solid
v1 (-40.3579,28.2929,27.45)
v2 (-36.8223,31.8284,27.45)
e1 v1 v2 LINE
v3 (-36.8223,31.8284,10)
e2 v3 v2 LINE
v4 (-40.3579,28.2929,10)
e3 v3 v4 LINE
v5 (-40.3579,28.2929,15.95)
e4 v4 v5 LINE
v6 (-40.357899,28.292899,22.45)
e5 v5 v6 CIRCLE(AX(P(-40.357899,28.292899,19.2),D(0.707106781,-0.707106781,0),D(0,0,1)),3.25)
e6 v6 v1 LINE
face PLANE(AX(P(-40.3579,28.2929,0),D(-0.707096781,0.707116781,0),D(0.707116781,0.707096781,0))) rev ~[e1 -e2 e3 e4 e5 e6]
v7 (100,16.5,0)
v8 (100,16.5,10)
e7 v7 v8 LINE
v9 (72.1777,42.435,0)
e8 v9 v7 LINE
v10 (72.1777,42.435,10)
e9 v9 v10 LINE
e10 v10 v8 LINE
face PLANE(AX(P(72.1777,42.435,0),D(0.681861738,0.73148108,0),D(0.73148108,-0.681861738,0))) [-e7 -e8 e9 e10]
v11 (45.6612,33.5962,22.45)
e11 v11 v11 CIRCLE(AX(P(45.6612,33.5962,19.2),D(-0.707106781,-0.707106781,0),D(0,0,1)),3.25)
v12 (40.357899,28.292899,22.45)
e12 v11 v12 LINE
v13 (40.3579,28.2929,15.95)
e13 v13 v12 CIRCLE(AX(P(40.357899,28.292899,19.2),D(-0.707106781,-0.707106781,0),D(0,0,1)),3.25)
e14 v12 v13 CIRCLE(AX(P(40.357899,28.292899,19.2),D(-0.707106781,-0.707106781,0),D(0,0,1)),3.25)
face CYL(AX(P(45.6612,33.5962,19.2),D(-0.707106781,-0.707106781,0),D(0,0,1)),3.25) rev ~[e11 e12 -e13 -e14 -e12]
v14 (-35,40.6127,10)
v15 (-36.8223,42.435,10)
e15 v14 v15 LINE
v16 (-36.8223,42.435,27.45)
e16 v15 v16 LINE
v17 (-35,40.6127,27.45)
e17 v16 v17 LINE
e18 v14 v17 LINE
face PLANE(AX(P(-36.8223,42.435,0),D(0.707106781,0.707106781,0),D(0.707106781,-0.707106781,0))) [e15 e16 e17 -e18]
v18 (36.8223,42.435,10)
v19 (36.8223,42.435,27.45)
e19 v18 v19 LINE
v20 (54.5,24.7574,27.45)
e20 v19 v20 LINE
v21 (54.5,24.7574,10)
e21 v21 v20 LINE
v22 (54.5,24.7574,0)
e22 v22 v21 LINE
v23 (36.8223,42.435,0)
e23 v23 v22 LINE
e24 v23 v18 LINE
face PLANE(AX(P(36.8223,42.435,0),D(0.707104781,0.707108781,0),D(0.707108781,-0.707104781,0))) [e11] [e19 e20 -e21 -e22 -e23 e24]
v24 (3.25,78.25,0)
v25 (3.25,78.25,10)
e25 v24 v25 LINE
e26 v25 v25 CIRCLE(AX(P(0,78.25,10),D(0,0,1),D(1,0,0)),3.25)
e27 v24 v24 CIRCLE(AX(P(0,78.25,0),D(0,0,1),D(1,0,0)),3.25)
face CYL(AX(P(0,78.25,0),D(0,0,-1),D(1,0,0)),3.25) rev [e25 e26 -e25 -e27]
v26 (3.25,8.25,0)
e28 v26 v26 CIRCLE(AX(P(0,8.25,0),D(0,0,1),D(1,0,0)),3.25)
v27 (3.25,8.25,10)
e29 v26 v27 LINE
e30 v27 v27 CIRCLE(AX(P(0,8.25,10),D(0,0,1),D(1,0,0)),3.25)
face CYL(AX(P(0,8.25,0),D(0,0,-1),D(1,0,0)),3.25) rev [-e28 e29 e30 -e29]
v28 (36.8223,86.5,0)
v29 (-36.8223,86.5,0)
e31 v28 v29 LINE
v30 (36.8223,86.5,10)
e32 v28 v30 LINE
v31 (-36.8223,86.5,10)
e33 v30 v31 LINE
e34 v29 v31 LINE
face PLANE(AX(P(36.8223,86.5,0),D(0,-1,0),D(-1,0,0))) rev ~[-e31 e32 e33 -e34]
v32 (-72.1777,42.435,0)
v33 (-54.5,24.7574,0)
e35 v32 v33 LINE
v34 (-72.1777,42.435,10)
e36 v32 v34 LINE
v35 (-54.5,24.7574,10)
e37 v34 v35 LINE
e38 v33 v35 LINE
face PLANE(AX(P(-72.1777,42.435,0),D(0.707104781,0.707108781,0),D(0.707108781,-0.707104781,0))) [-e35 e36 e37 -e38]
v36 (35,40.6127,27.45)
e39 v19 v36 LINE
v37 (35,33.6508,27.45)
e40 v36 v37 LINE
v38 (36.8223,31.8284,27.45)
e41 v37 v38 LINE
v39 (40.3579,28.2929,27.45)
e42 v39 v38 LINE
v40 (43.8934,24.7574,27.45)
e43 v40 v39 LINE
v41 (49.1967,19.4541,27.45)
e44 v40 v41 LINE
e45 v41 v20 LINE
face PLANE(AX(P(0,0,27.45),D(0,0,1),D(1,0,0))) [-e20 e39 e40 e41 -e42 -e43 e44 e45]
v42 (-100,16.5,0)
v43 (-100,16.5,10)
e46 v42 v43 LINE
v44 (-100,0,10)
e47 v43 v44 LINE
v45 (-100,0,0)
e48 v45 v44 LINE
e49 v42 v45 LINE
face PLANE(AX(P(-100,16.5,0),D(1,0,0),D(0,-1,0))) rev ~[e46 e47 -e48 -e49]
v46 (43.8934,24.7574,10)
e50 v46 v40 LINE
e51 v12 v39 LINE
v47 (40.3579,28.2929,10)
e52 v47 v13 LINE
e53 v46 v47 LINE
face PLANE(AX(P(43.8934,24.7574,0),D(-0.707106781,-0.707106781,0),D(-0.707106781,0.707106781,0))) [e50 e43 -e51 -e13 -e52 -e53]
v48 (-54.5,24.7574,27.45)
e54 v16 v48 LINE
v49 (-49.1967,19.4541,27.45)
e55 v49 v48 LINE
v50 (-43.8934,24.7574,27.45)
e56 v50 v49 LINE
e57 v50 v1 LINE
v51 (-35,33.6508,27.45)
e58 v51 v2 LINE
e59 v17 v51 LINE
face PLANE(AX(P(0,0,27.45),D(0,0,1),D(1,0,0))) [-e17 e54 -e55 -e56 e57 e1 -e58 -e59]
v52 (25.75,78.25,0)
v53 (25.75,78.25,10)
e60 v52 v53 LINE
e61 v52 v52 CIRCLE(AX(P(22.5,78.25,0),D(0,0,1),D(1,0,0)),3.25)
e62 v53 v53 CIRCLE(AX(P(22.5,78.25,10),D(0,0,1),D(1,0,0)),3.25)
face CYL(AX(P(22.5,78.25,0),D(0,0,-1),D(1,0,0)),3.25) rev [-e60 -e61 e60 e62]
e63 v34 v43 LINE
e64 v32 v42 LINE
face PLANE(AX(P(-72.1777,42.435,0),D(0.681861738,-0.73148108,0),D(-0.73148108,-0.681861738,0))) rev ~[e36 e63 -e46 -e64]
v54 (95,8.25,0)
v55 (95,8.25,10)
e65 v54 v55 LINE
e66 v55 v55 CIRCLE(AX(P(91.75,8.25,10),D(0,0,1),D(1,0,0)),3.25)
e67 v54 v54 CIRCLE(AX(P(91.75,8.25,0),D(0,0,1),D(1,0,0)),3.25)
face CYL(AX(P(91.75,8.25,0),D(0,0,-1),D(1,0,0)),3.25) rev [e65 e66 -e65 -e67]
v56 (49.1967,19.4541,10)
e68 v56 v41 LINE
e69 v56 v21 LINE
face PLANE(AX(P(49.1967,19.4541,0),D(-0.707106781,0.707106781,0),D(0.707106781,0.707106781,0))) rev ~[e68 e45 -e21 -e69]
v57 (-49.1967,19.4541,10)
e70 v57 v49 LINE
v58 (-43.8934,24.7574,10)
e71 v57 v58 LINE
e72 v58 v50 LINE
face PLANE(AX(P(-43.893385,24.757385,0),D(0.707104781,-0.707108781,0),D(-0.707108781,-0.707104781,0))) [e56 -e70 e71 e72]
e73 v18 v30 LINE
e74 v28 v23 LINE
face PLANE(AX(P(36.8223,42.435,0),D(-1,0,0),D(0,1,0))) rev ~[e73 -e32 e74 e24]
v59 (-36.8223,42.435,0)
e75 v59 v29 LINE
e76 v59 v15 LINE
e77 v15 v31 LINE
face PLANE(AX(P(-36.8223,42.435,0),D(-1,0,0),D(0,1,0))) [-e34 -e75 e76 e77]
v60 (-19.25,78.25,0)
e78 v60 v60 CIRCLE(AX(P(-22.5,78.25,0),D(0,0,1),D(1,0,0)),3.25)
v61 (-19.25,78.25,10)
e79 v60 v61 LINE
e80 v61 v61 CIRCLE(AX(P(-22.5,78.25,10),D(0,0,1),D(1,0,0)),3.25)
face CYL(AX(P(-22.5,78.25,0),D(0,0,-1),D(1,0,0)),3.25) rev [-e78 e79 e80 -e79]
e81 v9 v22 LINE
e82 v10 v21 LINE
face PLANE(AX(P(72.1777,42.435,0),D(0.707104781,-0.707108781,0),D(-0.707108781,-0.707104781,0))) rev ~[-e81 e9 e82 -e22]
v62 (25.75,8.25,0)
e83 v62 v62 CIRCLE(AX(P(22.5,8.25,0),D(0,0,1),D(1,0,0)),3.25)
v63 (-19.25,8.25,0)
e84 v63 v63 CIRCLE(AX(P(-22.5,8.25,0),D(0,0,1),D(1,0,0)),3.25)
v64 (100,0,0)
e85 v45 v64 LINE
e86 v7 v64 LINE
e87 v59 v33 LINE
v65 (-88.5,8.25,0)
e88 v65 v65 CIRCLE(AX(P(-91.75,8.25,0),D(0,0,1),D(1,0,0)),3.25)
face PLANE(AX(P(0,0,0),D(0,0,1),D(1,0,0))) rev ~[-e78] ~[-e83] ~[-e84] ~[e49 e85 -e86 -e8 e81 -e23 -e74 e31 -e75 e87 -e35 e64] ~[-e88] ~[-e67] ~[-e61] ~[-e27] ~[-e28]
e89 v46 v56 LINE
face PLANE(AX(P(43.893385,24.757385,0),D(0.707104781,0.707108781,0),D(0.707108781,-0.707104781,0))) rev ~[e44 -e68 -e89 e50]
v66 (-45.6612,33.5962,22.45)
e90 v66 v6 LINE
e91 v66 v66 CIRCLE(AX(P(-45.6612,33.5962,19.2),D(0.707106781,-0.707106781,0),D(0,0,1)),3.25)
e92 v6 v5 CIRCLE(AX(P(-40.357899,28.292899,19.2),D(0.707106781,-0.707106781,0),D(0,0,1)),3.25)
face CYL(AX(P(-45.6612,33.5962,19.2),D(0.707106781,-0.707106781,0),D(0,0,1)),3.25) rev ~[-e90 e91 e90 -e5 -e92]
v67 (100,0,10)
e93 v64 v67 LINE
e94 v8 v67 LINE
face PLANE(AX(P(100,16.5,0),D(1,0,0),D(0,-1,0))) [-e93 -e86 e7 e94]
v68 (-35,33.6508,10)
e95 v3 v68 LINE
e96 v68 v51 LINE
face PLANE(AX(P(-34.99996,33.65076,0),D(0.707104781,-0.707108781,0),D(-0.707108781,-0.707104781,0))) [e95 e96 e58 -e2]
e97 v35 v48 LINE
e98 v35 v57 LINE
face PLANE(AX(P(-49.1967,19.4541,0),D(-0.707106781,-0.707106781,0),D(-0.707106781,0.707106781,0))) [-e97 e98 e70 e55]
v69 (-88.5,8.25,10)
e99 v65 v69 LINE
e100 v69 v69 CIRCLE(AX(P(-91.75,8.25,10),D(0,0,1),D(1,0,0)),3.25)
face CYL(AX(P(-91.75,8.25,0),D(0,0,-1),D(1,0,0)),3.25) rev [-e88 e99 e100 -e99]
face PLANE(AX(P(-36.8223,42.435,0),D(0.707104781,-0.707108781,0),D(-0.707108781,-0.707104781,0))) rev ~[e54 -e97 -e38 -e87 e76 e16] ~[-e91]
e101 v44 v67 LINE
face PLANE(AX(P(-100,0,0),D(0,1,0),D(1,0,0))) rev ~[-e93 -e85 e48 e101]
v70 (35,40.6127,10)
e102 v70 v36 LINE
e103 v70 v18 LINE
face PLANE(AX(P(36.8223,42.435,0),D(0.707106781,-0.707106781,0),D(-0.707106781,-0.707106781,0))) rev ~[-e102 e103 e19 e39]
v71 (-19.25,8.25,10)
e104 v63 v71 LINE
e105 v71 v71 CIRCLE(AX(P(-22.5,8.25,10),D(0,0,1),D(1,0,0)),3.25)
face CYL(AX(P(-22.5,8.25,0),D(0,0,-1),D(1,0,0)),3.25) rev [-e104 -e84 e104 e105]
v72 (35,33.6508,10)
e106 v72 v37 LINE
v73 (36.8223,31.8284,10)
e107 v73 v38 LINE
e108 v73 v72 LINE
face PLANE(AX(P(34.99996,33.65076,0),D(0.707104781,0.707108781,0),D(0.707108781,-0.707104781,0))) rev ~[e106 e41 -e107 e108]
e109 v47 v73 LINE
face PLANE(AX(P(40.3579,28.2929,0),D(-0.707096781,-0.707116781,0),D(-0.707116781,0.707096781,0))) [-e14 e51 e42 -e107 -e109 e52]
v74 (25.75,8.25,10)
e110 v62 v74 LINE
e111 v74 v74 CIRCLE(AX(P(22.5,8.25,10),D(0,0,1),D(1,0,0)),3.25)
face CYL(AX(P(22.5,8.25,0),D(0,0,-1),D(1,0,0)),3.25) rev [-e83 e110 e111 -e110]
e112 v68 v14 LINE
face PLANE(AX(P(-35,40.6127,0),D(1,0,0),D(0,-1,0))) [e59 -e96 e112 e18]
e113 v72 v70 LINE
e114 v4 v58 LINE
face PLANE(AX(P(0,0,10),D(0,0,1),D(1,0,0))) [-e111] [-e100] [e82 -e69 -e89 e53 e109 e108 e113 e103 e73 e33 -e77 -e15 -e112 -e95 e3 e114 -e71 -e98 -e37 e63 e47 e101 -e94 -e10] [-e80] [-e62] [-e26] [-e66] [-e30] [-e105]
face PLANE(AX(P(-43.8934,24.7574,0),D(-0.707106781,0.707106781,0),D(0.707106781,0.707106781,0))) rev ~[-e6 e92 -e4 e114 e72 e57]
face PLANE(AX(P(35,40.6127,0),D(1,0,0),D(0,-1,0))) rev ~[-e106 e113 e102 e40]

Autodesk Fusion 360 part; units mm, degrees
sketch "Sketch1" plane through (0, 0, 0) normal (0, 0, 1) x (1, 0, 0)
  line L0 (-100, 0) -> (100, 0)
  line L1 (100, 0) -> (91.75, 0) construction
  line L2 (91.75, 0) -> (91.75, 8.25) construction
  line L3 (91.75, 8.25) -> (100, 8.25) construction
  line L4 (100, 8.25) -> (100, 0) construction
  line L5 (-100, 0) -> (-91.75, 0) construction
  line L6 (-91.75, 0) -> (-91.75, 8.25) construction
  line L7 (-91.75, 8.25) -> (-100, 8.25) construction
  line L8 (-100, 8.25) -> (-100, 0) construction
  circle A0 centre (-91.75, 8.25) radius 3.25
  circle A1 centre (91.75, 8.25) radius 3.25
  line L9 (0, 0) -> (0, 60) construction
  line L10 (-48.5, 60) -> (48.5, 60) construction
  line L11 (48.5, 85) -> (60.5, 85) construction
  line L12 (60.5, 85) -> (60.5, 35) construction
  line L13 (60.5, 35) -> (48.5, 35) construction
  line L14 (48.5, 35) -> (48.5, 85) construction
  line L15 (-60.5, 85) -> (-48.5, 85) construction
  line L16 (-48.5, 85) -> (-48.5, 35) construction
  line L17 (-48.5, 35) -> (-60.5, 35) construction
  line L18 (-60.5, 35) -> (-60.5, 85) construction
  line L19 (0, 0) -> (0, 8.25) construction
  line L20 (22.5, 8.25) -> (22.5, 78.25) construction
  line L21 (22.5, 78.25) -> (-22.5, 78.25) construction
  line L22 (-22.5, 78.25) -> (-22.5, 8.25) construction
  circle A2 centre (-22.5, 78.25) radius 3.25
  circle A3 centre (22.5, 78.25) radius 3.25
  circle A4 centre (22.5, 8.25) radius 3.25
  circle A5 centre (-22.5, 8.25) radius 3.25
  line L23 (-48.5, 35) -> (-55.5711, 27.9289) construction
  line L24 (-60.5, 35) -> (-53.4289, 27.9289) construction
  line L25 (-60.5, 35) -> (-48.5, 35) construction
  line L26 (48.5, 35) -> (55.5711, 27.9289) construction
  line L27 (48.5, 35) -> (60.5, 35) construction
  line L28 (60.5, 35) -> (53.4289, 27.9289) construction
  line L29 (-54.5, 29) -> (-38.9437, 44.5563) construction
  line L30 (-54.5, 29) -> (-70.0563, 44.5563) construction
  line L31 (54.5, 29) -> (70.0563, 44.5563) construction
  line L32 (54.5, 29) -> (38.9437, 44.5563) construction
  line L33 (22.5, 8.25) -> (-22.5, 8.25) construction
  line L34 (70.0563, 44.5563) -> (72.1777, 42.435) construction
  line L35 (38.9437, 44.5563) -> (36.8223, 42.435) construction
  line L36 (-38.9437, 44.5563) -> (-36.8223, 42.435) construction
  line L37 (-70.0563, 44.5563) -> (-72.1777, 42.435) construction
  line L38 (72.1777, 42.435) -> (54.5, 24.7574)
  line L39 (36.8223, 42.435) -> (54.5, 24.7574)
  line L40 (-36.8223, 42.435) -> (-54.5, 24.7574)
  line L41 (-72.1777, 42.435) -> (-54.5, 24.7574)
  line L42 (-36.8223, 42.435) -> (-36.8223, 86.5)
  line L43 (36.8223, 42.435) -> (36.8223, 86.5)
  line L44 (36.8223, 86.5) -> (-36.8223, 86.5)
  line L45 (45.6612, 33.5962) -> (40.3579, 28.2929) construction
  line L46 (-45.6612, 33.5962) -> (-40.3579, 28.2929) construction
  line L47 (-40.3579, 28.2929) -> (-36.8223, 31.8284)
  line L48 (-36.8223, 31.8284) -> (-33.2868, 28.2929)
  line L49 (-33.2868, 28.2929) -> (-40.3579, 21.2218)
  line L50 (-40.3579, 21.2218) -> (-43.8934, 24.7574)
  line L51 (-43.8934, 24.7574) -> (-40.3579, 28.2929)
  line L52 (40.3579, 28.2929) -> (36.8223, 31.8284)
  line L53 (36.8223, 31.8284) -> (33.2868, 28.2929)
  line L54 (33.2868, 28.2929) -> (40.3579, 21.2218)
  line L55 (40.3579, 21.2218) -> (43.8934, 24.7574)
  line L56 (43.8934, 24.7574) -> (40.3579, 28.2929)
  line L57 (-91.75, 8.25) -> (-91.75, 16.5) construction
  line L58 (91.75, 8.25) -> (91.75, 16.5) construction
  line L59 (100, 16.5) -> (100, 0)
  line L60 (-100, 16.5) -> (-100, 0)
  line L61 (72.1777, 42.435) -> (100, 16.5)
  line L62 (-72.1777, 42.435) -> (-100, 16.5)
  line L63 (-36.8223, 42.435) -> (-31.519, 37.1317)
  line L64 (-31.519, 37.1317) -> (-49.1967, 19.4541)
  line L65 (-49.1967, 19.4541) -> (-54.5, 24.7574)
  line L66 (36.8223, 42.435) -> (31.519, 37.1317)
  line L67 (31.519, 37.1317) -> (49.1967, 19.4541)
  line L68 (49.1967, 19.4541) -> (54.5, 24.7574)
  line L69 (36.8223, 42.435) -> (36.8223, 31.8284)
  circle A6 centre (0, 8.25) radius 3.25
  circle A7 centre (0, 78.25) radius 3.25
  line L70 (-35, 43.25) -> (-10, 43.25) construction
  line L71 (-35, 40.6127) -> (-35, 33.6508)
  line L72 (10, 43.25) -> (35, 43.25) construction
  line L73 (35, 40.6127) -> (35, 33.6508)
  dimension "d2" = 200
  dimension "d3" = 8.25
  dimension "d4" = 8.25
  dimension "d5" = 8.25
  dimension "d6" = 8.25
  dimension "d7" = 6.5
  dimension "d8" = 6.5
  dimension "d9" = 60
  dimension "d10" = 97
  dimension "d11" = 12
  dimension "d12" = 50
  dimension "d13" = 12
  dimension "d14" = 50
  dimension "d15" = 8.25
  dimension "d16" = 45
  dimension "d17" = 70
  dimension "d18" = 6.5
  dimension "d19" = 6.5
  dimension "d20" = 6.5
  dimension "d21" = 6.5
  dimension "d22" = 10
  dimension "d24" = 45
  dimension "d25" = 10
  dimension "d26" = 45
  dimension "d27" = 10
  dimension "d28" = 10
  dimension "d29" = 22
  dimension "d30" = 22
  dimension "d31" = 22
  dimension "d32" = 22
  dimension "d33" = 3
  dimension "d34" = 3
  dimension "d35" = 3
  dimension "d36" = 3
  dimension "d37" = 25
  dimension "d38" = 25
  dimension "d39" = 25
  dimension "d41" = 25
  dimension "d44" = 7.5
  dimension "d45" = 7.5
  dimension "d46" = 5
  dimension "d47" = 5
  dimension "d48" = 10
  dimension "d49" = 5
  dimension "d50" = 5
  dimension "d51" = 5
  dimension "d52" = 10
  dimension "d53" = 5
  dimension "d54" = 86.5
  dimension "d57" = 8.25
  dimension "d58" = 8.25
  dimension "d69" = 7.5
  dimension "d70" = 25
  dimension "d71" = 7.5
  dimension "d72" = 25
  dimension "d85" = 6.5
  dimension "d86" = 6.5
  dimension "d87" = 25
  dimension "d88" = 25
extrude "Extrude2" add sketch "Sketch1" along normal blind 10 contours L0 L38 L41 L42 L43 L44 L48 L49 L50 L53 L54 L55 L59 L60 L61 L62 L63 L64 L65 L66 L67 L68 | L40 L47 L51 L63 L64 L65 L71 | L66 L67 L69 L73 | L63 L64 L71 | L47 L48 L49 L50 L51 L64 | L66 L67 L73 | L52 L53 L54 L55 L56 L67
extrude "Extrude3" add sketch "Sketch1" along normal blind 27.45 contours L40 L47 L51 L63 L64 L65 L71 | L39 L52 L56 L67 L68 L69 | L66 L67 L69 L73
sketch "Sketch4" plane through (39.6287, 39.6287, 0) normal (0.7071, 0.7071, 0) x (-0.7071, 0.7071, 0)
  line L0 (-21.0312, 0) -> (3.9688, 0)
  line L1 (3.9688, 27.45) -> (-21.0312, 27.45)
  line L2 (-21.0312, 27.45) -> (-21.0312, 10)
  line L3 (-21.0312, 10) -> (-21.0312, 0)
  line L4 (-8.5312, 27.45) -> (-8.5312, 19.2) construction
  line L5 (3.9688, 0) -> (3.9688, 10)
  line L6 (3.9688, 10) -> (3.9688, 27.45)
  dimension "d77" = 8.25
sketch "Sketch5" plane through (-39.6287, 39.6287, 0) normal (-0.7071, 0.7071, 0) x (-0.7071, -0.7071, 0)
  line L0 (-3.9688, 0) -> (21.0312, 0)
  line L1 (21.0312, 0) -> (21.0312, 10)
  line L2 (21.0312, 10) -> (21.0312, 27.45)
  line L3 (21.0312, 27.45) -> (-3.9688, 27.45)
  line L4 (8.5312, 27.45) -> (8.5312, 19.2) construction
  line L5 (-3.9688, 10) -> (-3.9688, 0)
  line L6 (-3.9688, 27.45) -> (-3.9688, 10)
  dimension "d78" = 8.25
hole "Hole3" at (-45.6612, 33.5962, 19.2) direction (0.7071, -0.7071, 0) diameter 6.5 depth 7.5 tip angle 180
hole "Hole4" at (45.6612, 33.5962, 19.2) direction (-0.7071, -0.7071, 0) diameter 6.5 depth 7.5 tip angle 180
equation "d3 = 5 mm + 3.25 mm"
equation "d4 = 5 mm + 3.25 mm"
equation "d5 = 5 mm + 3.25 mm"
equation "d6 = 5 mm + 3.25 mm"
equation "d10 = 121 mm - 24 mm"
equation "d15 = 5 mm + 3.25 mm"
equation "d54 = 90 mm - 3.5 mm"
equation "d75 = 30.7 mm - 3.25 mm"
